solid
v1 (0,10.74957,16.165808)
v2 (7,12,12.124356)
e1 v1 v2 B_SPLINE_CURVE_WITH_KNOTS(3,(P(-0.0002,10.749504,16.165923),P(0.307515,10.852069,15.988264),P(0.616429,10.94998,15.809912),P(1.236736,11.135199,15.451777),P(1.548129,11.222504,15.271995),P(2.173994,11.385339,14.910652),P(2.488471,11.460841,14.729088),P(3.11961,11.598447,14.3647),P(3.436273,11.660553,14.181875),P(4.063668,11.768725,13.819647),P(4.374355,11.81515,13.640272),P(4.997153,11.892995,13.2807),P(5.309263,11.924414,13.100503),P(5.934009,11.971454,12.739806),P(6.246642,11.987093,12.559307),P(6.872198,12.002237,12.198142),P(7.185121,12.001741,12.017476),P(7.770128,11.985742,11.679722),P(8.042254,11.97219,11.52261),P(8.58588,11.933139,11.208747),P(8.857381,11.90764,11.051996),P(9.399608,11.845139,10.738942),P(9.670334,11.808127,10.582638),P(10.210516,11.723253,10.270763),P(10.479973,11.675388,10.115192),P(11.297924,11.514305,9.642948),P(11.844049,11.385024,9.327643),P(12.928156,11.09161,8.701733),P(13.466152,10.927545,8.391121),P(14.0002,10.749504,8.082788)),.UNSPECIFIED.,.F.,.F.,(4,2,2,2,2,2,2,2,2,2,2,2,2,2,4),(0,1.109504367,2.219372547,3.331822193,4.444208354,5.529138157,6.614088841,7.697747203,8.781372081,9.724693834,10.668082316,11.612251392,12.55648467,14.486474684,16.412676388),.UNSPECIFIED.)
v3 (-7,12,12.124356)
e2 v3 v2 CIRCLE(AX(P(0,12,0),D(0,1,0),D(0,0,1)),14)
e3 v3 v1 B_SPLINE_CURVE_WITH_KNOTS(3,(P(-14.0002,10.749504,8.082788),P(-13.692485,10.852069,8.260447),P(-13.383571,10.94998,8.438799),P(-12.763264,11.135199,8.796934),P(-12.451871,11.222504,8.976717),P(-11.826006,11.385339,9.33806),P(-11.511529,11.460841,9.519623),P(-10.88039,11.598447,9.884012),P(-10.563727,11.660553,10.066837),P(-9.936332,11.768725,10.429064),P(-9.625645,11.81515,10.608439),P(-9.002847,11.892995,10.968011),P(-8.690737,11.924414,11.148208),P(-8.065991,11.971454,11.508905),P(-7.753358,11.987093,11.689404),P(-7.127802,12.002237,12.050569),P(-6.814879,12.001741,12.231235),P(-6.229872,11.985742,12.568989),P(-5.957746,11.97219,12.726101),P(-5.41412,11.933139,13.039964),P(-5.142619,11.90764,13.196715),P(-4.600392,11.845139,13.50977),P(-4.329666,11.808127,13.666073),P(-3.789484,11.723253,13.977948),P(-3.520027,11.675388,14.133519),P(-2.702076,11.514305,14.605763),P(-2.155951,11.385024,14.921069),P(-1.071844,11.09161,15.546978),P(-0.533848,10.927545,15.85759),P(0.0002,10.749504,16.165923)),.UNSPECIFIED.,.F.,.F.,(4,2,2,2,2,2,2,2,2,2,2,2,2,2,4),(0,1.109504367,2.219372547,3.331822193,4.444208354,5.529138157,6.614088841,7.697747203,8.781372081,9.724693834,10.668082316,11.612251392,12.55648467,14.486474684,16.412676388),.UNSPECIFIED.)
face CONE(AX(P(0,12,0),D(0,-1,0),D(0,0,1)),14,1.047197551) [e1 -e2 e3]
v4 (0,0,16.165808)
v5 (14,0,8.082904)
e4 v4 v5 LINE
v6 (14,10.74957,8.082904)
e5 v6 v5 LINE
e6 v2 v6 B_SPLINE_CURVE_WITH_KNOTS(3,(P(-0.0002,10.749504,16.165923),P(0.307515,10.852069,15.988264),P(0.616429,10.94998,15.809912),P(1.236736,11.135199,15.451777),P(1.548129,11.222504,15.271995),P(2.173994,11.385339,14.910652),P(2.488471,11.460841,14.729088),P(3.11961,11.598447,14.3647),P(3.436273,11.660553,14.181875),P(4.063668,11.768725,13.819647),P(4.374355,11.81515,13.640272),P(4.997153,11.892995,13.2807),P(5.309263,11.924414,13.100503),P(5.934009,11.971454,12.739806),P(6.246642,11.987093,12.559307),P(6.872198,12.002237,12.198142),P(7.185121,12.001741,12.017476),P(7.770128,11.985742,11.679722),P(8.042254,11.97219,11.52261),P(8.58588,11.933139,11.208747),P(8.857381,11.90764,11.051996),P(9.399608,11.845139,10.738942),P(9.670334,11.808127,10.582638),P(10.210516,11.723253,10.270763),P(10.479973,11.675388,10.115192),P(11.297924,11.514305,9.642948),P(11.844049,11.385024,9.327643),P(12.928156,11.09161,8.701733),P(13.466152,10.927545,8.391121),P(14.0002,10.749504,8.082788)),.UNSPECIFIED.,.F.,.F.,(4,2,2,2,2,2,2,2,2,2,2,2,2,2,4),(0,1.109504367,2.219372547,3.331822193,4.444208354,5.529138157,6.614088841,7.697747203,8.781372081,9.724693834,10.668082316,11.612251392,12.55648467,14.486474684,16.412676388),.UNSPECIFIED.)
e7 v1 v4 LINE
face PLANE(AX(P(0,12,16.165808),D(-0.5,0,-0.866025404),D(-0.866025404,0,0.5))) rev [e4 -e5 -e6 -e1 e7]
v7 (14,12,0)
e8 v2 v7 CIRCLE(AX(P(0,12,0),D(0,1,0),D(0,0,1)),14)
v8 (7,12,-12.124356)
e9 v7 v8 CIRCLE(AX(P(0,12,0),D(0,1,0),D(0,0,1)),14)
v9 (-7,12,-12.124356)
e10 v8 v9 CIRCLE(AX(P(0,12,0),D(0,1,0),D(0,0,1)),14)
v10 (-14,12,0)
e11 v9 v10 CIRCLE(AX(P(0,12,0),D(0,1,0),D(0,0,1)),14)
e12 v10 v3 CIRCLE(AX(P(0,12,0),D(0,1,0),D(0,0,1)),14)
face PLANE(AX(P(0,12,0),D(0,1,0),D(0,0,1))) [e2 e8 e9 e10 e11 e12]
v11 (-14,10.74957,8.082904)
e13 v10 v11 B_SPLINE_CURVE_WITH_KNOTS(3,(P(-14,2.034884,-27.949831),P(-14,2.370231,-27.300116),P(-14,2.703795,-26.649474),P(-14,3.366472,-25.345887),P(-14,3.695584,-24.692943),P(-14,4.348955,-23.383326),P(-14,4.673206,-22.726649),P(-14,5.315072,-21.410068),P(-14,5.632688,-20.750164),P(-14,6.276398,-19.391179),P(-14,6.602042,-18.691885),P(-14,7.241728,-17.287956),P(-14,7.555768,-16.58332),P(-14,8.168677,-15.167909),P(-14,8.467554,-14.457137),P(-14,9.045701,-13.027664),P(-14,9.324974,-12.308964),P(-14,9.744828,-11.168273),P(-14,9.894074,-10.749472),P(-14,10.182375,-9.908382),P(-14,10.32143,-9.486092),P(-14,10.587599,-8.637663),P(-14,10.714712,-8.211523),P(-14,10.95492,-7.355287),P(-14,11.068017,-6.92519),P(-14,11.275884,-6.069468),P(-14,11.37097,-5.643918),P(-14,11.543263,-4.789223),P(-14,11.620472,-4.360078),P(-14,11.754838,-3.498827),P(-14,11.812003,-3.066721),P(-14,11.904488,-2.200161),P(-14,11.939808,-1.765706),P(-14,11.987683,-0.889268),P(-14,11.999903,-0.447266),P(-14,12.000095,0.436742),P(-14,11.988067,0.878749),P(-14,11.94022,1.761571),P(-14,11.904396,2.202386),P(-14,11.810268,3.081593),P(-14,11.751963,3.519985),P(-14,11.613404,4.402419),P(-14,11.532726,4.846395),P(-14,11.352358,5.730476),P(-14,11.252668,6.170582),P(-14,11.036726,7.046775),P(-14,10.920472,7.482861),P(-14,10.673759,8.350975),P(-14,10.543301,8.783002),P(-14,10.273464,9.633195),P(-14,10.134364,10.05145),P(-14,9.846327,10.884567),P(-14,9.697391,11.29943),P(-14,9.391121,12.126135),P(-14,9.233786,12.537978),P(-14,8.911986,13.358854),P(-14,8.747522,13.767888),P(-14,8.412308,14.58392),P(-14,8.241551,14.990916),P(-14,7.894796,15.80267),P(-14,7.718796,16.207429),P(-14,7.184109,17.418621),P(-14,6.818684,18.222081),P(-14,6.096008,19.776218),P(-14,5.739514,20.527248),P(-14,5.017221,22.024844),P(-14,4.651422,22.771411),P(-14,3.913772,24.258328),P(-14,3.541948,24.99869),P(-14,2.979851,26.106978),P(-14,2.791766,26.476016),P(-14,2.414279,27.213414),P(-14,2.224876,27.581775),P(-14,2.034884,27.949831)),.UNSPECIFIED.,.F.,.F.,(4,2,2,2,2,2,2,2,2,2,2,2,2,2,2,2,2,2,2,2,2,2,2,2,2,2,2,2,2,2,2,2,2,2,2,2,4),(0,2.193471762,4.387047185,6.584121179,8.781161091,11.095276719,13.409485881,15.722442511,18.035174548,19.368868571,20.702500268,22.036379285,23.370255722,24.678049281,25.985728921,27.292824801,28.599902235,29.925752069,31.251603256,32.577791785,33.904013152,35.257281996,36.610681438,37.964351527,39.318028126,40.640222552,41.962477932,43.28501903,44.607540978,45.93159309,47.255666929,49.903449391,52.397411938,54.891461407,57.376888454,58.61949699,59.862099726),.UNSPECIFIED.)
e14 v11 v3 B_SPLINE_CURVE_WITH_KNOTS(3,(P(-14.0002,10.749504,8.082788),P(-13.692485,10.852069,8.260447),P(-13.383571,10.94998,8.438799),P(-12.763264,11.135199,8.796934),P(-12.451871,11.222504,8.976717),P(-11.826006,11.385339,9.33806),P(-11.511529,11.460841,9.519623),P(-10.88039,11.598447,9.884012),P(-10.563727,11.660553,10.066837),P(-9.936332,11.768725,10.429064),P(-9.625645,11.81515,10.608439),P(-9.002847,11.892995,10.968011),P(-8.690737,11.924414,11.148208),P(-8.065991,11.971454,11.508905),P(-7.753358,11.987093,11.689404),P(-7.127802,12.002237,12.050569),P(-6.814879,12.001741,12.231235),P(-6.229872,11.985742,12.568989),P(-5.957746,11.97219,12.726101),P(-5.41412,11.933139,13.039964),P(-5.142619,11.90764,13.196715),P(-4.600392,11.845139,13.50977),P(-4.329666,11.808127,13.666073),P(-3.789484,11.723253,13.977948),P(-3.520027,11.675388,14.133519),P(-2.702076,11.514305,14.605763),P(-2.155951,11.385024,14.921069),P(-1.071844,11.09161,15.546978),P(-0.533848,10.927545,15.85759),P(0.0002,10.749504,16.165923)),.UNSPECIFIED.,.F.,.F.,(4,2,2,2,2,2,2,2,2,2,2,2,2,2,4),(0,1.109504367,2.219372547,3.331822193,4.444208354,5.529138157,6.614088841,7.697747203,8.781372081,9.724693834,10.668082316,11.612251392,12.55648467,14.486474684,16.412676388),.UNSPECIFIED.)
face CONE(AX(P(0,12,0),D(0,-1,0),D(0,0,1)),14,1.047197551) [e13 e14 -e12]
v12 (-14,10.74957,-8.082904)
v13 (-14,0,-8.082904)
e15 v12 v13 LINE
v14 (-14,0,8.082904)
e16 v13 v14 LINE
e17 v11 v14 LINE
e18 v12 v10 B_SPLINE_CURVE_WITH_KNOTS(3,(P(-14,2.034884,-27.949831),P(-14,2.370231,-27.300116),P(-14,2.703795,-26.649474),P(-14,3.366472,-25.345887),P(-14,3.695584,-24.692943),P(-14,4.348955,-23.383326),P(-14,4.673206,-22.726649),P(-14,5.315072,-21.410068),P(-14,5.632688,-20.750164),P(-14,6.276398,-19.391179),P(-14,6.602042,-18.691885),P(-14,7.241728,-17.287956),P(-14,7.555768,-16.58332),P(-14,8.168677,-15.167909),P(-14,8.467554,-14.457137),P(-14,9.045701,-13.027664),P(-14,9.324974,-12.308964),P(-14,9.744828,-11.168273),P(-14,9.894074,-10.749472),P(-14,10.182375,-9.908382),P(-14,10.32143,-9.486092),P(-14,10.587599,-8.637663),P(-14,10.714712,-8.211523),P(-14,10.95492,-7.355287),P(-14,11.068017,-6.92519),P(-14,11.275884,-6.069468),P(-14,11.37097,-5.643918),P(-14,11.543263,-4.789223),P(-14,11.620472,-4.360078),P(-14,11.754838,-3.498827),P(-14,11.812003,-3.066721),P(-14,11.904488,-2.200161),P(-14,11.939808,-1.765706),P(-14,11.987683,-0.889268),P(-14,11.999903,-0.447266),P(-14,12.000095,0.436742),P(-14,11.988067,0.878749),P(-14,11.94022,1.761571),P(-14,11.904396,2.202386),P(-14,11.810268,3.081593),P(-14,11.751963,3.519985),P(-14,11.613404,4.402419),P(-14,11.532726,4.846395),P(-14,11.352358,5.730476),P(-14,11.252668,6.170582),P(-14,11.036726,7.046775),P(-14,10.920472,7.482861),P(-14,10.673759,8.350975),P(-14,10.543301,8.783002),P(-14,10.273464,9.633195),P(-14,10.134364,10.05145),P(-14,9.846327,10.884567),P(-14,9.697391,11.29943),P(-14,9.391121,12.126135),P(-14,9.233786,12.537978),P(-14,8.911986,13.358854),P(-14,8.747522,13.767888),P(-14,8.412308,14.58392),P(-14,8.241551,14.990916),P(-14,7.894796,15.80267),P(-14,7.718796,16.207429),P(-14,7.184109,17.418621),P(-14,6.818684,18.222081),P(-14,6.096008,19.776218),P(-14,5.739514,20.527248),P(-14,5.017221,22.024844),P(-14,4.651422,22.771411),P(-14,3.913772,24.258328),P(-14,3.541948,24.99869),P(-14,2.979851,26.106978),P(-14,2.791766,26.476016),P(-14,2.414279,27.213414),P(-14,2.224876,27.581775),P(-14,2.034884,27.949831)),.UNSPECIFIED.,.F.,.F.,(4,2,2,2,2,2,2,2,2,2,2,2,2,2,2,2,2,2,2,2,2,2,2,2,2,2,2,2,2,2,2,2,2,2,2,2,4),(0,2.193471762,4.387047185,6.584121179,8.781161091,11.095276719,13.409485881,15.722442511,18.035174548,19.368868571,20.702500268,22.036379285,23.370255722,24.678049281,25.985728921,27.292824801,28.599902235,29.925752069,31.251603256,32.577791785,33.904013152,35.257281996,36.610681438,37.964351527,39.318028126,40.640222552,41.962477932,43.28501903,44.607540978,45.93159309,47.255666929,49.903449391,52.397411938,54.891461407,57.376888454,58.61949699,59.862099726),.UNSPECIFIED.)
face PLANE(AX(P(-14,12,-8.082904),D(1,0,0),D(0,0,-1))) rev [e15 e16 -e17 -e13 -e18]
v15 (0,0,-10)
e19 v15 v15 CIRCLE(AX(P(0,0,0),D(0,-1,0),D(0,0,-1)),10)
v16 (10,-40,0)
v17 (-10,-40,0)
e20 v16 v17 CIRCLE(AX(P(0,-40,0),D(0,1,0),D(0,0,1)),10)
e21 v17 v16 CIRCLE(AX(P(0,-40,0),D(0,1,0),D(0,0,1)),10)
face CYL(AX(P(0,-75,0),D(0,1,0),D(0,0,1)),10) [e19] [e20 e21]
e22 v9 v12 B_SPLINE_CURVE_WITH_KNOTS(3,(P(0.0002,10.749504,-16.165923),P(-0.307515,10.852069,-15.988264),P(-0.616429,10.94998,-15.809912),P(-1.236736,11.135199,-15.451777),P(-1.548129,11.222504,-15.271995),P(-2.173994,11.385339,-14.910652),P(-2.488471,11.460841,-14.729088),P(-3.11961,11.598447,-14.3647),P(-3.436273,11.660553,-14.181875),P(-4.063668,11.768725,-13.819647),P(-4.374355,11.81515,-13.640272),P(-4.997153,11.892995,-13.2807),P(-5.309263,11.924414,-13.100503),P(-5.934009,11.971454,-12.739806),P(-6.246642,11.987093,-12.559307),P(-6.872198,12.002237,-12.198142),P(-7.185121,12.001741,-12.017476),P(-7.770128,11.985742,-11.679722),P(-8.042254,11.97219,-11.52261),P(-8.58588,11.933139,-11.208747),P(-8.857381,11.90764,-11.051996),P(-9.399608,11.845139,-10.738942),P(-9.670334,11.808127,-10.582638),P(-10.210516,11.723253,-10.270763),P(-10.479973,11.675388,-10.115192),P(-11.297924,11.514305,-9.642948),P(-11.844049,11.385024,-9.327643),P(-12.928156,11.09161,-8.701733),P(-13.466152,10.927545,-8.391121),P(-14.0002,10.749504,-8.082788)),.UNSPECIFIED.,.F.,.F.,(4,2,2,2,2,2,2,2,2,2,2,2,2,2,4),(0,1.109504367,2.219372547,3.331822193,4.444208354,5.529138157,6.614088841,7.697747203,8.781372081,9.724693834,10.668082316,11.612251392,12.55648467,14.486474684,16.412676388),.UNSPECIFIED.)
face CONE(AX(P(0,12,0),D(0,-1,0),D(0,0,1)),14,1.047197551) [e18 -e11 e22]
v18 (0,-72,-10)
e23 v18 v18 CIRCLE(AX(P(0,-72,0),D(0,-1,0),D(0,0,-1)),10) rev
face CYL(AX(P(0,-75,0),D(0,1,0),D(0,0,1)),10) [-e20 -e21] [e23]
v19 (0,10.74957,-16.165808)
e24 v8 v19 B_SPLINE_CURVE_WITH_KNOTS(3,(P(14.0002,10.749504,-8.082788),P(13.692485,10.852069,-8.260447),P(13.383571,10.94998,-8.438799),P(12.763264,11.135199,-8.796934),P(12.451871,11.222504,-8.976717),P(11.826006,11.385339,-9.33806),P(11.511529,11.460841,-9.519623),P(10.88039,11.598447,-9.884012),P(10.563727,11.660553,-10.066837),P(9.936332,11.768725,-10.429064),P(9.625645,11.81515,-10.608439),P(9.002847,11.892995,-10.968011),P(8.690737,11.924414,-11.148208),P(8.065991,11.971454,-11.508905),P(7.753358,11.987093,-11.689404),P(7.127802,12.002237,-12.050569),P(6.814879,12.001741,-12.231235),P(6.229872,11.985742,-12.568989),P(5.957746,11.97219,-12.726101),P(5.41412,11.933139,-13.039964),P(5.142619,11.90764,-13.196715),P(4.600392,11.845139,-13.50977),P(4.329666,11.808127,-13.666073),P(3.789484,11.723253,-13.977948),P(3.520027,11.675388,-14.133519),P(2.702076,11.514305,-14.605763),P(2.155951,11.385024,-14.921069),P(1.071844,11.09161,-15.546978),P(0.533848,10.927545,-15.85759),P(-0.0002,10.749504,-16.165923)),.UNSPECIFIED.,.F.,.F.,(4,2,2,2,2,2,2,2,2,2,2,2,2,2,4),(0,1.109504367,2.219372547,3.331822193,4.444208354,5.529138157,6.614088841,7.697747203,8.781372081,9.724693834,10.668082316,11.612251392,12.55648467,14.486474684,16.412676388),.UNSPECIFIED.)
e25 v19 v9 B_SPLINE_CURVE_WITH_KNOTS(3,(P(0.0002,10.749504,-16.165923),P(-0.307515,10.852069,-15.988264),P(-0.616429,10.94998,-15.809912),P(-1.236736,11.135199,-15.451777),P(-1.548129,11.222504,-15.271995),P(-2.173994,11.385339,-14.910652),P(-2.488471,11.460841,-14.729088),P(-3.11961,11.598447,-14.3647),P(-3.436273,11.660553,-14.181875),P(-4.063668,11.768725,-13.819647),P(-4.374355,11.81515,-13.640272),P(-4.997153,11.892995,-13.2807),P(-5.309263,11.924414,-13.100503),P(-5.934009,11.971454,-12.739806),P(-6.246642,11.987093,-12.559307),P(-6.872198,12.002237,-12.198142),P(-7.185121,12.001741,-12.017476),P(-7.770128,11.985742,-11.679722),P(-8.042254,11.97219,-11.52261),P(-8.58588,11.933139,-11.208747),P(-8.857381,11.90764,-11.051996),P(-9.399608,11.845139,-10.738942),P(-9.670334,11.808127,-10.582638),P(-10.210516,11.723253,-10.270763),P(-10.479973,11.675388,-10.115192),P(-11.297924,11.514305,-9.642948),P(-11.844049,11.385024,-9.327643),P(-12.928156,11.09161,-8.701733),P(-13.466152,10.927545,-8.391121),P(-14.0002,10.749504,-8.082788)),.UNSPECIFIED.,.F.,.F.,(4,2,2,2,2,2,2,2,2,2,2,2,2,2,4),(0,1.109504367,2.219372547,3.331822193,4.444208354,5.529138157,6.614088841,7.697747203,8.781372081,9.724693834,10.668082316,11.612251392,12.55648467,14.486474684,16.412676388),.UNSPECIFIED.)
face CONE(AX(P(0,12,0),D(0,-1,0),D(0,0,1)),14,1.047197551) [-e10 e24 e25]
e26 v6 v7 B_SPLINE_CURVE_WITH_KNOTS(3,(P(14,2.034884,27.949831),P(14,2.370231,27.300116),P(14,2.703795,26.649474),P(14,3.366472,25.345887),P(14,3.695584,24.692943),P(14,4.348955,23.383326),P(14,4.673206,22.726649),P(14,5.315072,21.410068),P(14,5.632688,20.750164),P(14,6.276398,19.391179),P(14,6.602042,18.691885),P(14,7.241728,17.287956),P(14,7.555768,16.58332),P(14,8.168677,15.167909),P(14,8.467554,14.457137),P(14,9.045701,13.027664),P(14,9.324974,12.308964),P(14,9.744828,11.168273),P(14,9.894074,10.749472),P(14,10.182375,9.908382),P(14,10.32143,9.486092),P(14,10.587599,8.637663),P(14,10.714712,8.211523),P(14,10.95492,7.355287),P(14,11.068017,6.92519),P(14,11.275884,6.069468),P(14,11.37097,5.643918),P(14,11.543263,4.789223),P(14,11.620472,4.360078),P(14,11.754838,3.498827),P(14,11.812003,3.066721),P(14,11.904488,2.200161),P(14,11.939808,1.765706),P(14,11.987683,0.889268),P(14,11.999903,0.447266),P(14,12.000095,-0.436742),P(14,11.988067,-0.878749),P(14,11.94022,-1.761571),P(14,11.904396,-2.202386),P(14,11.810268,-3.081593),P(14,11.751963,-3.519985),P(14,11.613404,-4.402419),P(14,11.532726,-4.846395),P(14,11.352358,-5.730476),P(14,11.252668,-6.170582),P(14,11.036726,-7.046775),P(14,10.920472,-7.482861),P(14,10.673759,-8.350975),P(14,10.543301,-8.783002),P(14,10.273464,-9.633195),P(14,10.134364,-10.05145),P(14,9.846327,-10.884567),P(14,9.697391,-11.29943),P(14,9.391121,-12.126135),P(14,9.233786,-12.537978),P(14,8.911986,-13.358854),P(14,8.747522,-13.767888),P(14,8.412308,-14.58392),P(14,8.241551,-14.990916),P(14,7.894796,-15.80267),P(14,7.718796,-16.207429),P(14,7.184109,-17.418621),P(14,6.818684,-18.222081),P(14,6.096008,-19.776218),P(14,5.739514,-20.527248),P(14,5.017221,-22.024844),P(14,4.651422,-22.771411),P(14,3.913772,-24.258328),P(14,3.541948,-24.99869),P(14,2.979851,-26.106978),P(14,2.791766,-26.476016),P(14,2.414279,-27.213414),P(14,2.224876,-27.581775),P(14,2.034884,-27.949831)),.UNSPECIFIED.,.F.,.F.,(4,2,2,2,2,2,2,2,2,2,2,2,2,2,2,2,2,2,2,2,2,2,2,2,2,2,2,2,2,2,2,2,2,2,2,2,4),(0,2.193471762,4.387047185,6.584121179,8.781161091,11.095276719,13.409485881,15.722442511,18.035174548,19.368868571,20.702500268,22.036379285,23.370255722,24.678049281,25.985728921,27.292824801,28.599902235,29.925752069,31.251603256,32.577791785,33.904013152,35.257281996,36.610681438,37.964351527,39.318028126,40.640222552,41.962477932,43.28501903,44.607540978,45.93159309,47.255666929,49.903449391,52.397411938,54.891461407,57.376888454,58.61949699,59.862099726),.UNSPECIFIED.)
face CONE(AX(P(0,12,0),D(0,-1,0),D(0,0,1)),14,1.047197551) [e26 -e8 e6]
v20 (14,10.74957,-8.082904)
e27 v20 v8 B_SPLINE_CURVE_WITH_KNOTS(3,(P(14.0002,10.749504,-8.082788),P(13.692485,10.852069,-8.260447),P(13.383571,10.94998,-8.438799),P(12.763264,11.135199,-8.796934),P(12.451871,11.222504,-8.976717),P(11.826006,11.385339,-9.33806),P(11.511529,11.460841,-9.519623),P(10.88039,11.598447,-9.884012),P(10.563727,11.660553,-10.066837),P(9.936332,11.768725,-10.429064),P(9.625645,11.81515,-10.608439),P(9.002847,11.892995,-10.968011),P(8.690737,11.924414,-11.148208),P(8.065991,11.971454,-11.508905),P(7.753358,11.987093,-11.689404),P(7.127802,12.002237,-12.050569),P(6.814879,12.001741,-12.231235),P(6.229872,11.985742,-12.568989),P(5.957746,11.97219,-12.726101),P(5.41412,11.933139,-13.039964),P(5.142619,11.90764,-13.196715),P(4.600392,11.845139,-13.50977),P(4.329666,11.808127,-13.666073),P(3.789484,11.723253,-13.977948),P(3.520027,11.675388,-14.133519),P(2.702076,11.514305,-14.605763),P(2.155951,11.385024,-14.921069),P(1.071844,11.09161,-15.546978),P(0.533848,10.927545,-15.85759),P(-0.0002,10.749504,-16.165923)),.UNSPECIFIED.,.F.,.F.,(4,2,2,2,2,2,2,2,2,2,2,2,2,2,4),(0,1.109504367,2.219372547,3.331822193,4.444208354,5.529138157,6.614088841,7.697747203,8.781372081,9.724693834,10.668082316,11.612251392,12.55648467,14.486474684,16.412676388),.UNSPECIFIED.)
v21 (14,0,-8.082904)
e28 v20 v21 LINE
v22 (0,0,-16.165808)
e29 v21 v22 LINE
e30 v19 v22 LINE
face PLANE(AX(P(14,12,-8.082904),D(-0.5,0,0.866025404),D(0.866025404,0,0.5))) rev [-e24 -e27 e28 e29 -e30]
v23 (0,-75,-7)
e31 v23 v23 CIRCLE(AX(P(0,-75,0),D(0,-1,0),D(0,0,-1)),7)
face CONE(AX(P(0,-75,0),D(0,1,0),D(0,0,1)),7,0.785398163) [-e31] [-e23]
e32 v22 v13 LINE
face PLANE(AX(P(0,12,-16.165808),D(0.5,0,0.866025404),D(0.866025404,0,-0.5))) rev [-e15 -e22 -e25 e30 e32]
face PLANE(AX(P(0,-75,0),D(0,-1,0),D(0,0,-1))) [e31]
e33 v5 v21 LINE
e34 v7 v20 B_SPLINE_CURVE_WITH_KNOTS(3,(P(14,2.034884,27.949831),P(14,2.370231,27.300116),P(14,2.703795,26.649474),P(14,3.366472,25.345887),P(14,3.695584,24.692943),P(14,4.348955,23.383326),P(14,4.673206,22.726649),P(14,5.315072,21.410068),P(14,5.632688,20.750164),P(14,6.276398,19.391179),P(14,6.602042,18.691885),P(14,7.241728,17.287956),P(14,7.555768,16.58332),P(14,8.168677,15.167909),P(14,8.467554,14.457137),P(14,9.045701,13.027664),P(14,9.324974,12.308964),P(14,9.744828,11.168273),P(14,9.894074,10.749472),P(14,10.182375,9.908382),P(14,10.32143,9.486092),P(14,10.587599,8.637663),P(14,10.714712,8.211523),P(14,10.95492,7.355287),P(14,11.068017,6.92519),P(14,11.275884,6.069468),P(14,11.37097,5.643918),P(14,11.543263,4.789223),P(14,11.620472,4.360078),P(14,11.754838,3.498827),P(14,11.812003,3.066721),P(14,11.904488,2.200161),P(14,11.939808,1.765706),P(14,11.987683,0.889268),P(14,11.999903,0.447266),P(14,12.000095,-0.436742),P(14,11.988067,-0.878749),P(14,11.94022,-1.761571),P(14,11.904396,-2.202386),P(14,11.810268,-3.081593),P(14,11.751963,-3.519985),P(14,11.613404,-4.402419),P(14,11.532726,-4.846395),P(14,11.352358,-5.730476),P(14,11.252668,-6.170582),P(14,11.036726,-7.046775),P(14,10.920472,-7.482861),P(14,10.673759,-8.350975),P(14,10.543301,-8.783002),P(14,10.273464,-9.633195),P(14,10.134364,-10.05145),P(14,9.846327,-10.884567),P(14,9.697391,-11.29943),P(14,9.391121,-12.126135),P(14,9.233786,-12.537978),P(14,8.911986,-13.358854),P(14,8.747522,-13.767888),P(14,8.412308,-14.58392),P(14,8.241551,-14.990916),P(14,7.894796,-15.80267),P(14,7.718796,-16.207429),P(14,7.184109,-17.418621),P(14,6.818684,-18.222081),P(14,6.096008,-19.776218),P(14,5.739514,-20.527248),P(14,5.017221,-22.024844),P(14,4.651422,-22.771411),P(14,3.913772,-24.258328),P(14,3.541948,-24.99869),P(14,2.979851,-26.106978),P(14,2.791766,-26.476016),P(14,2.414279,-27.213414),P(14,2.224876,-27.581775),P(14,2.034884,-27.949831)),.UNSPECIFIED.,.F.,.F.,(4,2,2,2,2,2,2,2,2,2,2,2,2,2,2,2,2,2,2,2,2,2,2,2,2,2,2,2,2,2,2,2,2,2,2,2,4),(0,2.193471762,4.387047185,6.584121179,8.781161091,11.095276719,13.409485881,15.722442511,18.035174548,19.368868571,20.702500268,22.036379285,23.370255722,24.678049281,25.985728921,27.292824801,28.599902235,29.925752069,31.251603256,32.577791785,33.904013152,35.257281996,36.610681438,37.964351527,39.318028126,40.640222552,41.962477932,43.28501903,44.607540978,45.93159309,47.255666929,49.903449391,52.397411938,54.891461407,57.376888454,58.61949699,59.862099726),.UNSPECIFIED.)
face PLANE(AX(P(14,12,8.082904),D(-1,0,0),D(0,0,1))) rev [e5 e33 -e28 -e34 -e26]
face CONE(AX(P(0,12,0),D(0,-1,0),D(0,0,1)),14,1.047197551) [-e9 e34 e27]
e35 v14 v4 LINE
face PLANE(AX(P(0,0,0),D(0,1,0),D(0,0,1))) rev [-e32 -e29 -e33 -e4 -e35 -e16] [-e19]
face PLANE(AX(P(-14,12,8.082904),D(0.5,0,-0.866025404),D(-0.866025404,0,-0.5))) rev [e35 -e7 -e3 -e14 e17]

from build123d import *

# Parameters (mm, degrees)
BOSS_EXTRUDE1_DEPTH = 12
SKETCH2_OUTSIDE_W   = 127.296
SKETCH2_OUTSIDE_H   = 131.628
SKETCH2_OUTSIDE_R   = 14
CUT_EXTRUDE1_DEPTH  = 25.522098877
CUT_EXTRUDE1_DRAFT  = -60
SKETCH3_R           = 10
BOSS_EXTRUDE2_DEPTH = 75
CHAMFER1_SIZE       = 3


with BuildPart() as part:
    # Sketch1 → Boss-Extrude1 (new body)
    with BuildSketch(Plane(origin=(0, 0, 0), x_dir=(1, 0, 0), z_dir=(0, 1, 0))):
        Polygon((0, -16.165807537), (14, -8.082903769), (14, 8.082903769), (0, 16.165807537), (-14, 8.082903769), (-14, -8.082903769), align=None)
    extrude(amount=BOSS_EXTRUDE1_DEPTH)


with BuildPart() as cut_extrude1_tool:
    # Sketch2 outside → Cut-Extrude1 (with draft: the straight prism first)
    with BuildSketch(Plane(origin=(0, 12, 0), x_dir=(1, 0, 0), z_dir=(0, 1, 0))):
        Rectangle(SKETCH2_OUTSIDE_W, SKETCH2_OUTSIDE_H)
        Circle(SKETCH2_OUTSIDE_R, mode=Mode.SUBTRACT)
    extrude(amount=-CUT_EXTRUDE1_DEPTH)
    # Cut-Extrude1: the draft: its side faces are tilted about the plane it starts from
    cut_extrude1_sides = [cut_extrude1_tool.faces().sort_by_distance(p)[0] for p in [
        (0, -0.761049438, 65.814),
        (63.648, -0.761049438, 0),
        (0, -0.761049438, -65.814),
        (-63.648, -0.761049438, 0),
        (-14, -0.761049438, 0),
    ]]
    draft(cut_extrude1_sides, Plane(origin=(0, 12, 0), x_dir=(1, 0, 0), z_dir=(0, 1, 0)), CUT_EXTRUDE1_DRAFT)


with BuildPart() as part_1:
    add(part.part)

    # Cut-Extrude1: cut by cut_extrude1_tool
    add(cut_extrude1_tool.part, mode=Mode.SUBTRACT)

    # Sketch3 → Boss-Extrude2 (add)
    with BuildSketch(Plane.XZ):
        with Locations(Location((0, 0, 0), (0, 0, 270))):
            Circle(SKETCH3_R)
    extrude(amount=BOSS_EXTRUDE2_DEPTH)

    # Chamfer1
    chamfer1_edges = [part_1.edges().sort_by_distance(p)[0] for p in [
        (0, -75, 10),
    ]]
    chamfer(chamfer1_edges, length=CHAMFER1_SIZE)


solid = part_1.part
